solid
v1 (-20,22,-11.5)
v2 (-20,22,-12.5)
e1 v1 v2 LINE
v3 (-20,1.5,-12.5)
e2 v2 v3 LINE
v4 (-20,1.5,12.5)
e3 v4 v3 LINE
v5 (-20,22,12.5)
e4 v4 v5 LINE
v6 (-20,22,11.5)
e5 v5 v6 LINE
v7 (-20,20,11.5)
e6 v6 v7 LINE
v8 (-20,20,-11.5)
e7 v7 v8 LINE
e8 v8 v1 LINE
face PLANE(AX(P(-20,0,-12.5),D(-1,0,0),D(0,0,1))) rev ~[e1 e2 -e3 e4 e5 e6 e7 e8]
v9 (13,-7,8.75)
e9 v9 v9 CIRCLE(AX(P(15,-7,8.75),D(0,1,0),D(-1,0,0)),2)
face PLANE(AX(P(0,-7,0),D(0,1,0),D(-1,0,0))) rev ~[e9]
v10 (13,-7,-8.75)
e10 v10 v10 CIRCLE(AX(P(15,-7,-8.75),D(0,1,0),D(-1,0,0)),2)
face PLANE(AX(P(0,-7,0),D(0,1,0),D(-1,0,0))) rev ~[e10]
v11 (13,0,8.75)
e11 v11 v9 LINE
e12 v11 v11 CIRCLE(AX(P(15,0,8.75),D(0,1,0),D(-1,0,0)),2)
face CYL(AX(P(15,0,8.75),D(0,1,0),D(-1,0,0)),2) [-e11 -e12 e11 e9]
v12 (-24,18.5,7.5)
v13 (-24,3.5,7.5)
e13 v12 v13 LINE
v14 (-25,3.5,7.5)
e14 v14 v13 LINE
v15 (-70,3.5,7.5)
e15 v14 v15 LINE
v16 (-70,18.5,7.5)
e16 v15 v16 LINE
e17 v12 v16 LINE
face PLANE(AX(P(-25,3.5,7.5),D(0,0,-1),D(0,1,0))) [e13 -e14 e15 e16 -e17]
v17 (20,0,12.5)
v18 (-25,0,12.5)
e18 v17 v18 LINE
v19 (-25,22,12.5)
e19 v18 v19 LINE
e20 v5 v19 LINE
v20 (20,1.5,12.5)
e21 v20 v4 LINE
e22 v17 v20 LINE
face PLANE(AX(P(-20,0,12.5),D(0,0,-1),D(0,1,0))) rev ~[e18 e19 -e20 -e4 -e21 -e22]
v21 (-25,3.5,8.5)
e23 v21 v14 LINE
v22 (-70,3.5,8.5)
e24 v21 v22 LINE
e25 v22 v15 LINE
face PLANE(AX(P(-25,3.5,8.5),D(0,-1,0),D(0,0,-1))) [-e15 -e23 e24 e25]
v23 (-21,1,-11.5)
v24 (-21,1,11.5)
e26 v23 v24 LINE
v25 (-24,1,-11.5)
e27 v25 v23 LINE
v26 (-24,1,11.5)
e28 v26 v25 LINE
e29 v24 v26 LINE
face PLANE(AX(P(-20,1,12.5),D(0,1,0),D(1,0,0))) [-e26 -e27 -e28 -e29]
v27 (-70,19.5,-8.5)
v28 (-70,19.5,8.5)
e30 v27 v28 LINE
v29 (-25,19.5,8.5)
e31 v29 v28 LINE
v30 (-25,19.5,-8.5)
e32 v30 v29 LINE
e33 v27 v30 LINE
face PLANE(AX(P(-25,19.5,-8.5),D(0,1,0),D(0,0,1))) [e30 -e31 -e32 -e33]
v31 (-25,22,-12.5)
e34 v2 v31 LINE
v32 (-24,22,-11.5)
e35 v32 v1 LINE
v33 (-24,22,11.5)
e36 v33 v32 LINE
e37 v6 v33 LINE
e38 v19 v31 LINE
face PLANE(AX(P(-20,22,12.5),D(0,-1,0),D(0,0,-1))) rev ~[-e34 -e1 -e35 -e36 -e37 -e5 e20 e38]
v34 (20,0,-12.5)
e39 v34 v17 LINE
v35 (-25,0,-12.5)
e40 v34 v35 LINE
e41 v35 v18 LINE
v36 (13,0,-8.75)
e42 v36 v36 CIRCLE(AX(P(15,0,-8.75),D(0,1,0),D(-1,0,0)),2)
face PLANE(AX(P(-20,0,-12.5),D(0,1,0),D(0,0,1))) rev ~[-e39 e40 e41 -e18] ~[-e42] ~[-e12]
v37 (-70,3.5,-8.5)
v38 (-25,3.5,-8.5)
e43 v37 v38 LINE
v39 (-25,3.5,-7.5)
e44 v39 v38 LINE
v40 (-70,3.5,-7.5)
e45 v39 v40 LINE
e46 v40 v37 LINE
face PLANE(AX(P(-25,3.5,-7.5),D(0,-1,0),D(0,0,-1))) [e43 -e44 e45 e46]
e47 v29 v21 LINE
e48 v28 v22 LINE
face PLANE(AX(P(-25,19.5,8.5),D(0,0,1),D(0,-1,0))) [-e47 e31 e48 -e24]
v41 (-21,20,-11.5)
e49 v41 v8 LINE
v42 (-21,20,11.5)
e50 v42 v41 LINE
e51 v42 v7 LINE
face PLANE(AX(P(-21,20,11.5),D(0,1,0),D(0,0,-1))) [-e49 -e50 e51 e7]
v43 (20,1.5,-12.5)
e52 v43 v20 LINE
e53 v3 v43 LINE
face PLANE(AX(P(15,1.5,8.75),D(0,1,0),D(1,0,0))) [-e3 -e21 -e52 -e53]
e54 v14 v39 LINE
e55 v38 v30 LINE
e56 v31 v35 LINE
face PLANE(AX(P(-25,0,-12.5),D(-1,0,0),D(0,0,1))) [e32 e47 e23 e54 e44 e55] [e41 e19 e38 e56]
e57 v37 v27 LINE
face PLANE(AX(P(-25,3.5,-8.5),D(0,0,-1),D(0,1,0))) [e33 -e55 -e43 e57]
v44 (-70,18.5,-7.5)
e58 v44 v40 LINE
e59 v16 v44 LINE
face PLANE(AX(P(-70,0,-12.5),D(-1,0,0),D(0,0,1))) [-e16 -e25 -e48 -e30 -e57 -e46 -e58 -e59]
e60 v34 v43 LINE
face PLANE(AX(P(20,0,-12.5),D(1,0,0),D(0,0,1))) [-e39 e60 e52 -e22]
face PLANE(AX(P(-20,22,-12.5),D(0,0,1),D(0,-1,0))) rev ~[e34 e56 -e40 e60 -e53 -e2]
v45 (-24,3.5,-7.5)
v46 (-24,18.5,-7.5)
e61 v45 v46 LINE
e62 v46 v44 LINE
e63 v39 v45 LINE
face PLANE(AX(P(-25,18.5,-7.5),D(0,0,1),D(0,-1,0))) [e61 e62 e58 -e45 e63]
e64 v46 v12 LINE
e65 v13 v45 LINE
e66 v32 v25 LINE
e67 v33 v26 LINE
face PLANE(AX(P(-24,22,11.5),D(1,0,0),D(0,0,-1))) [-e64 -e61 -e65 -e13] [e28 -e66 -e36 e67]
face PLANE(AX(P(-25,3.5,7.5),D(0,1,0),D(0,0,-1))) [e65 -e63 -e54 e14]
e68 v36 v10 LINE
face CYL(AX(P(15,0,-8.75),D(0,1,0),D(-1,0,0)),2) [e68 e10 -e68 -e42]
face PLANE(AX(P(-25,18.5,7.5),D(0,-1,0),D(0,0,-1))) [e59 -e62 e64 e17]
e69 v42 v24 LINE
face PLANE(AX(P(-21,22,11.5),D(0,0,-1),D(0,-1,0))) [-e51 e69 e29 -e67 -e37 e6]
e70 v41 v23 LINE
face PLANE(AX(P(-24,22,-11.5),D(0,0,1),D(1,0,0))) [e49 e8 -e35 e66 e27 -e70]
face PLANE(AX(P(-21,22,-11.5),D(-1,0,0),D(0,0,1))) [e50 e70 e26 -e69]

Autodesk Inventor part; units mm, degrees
ref_plane "YZ Plane" through (0, 0, 0) normal (1, 0, 0) x (0, 1, 0)
ref_plane "XZ Plane" through (0, 0, 0) normal (0, 1, 0) x (-1, 0, 0)
ref_plane "XY Plane" through (0, 0, 0) normal (0, 0, 1) x (1, 0, 0)
sketch "Sketch1" plane through (0, 0, 0) normal (0, 1, 0) x (-1, 0, 0)
  line L0 (-20, 12.5) -> (20, 12.5)
  line L1 (20, 12.5) -> (20, -12.5)
  line L2 (20, -12.5) -> (-20, -12.5)
  line L3 (-20, -12.5) -> (-20, 12.5)
  line L4 (-20, 12.5) -> (20, -12.5) construction
  line L5 (20, 12.5) -> (-20, -12.5) construction
  circle A0 centre (-15, 8.75) radius 2
  circle A1 centre (-15, -8.75) radius 2
  point P0 (0, 0)
  dimension "d0" = 40
  dimension "d1" = 25
  dimension "d2" = 4
  dimension "d3" = 4
extrude "Extrusion1" add sketch "Sketch1" along normal blind 1.5 contours L0 L1 L2 L3 | A1
extrude "Extrusion2" add sketch "Sketch1" against normal blind 7 contours A0 | A1
thread "Thread1" size "M4x0.7" class "6g" standard "ANSI Metric M Profile" full length
thread "Thread2" size "M4x0.7" class "6g" standard "ANSI Metric M Profile" full length
sketch "Sketch2" plane through (15, 0, 8.75) normal (0, 1, 0) x (1, 0, 0)
  circle A0 centre (0, 0) radius 2 projected
  circle A1 centre (0, 0) radius 2
  point P0 (-15, 8.75)
extrude "Extrusion3" add sketch "Sketch2" along normal blind 1.5
sketch "Sketch3" plane through (-20, 0, -12.5) normal (-1, 0, 0) x (0, 0, 1)
  line L0 (0, 0) -> (25, 0) projected
  line L1 (0, 0) -> (25, 0)
  line L2 (25, 0) -> (25, 22)
  line L3 (25, 22) -> (0, 22)
  line L4 (0, 22) -> (0, 0)
  point P0 (12.5, 0)
  dimension "d14" = 22
extrude "Extrusion4" add sketch "Sketch3" along normal blind 5
sketch "Sketch4" plane through (-20, 22, 12.5) normal (0, 1, 0) x (1, 0, 0)
  line L0 (-4, 24) -> (-1, 24)
  line L1 (-1, 24) -> (-1, 1)
  line L2 (-1, 1) -> (-4, 1)
  line L3 (-4, 1) -> (-4, 24)
  point P0 (20, 12.5)
  dimension "d17" = 3
  dimension "d18" = 23
extrude "Extrusion5" cut sketch "Sketch4" against normal blind 21
sketch "Sketch5" plane through (-25, 0, -12.5) normal (-1, 0, 0) x (0, 0, 1)
  line L0 (20, 18.5) -> (20, 3.5)
  line L1 (20, 3.5) -> (5, 3.5)
  line L2 (5, 3.5) -> (5, 18.5)
  line L3 (5, 18.5) -> (20, 18.5)
  point P0 (12.5, 0)
  dimension "d21" = 15
  dimension "d22" = 15
extrude "Extrusion6" cut sketch "Sketch5" against normal blind 1
sketch "Sketch6" plane through (-21, 22, -11.5) normal (-1, 0, 0) x (0, 0, 1)
  line L0 (0, 0) -> (23, 0) projected
  line L1 (0, 0) -> (23, 0)
  line L2 (23, 0) -> (23, -2)
  line L3 (23, -2) -> (0, -2)
  line L4 (0, -2) -> (0, 0)
  point P0 (11.5, -22)
  dimension "d26" = 2
extrude "Extrusion7" cut sketch "Sketch6" against normal blind 1
sketch "Sketch7" plane through (-25, 0, -12.5) normal (-1, 0, 0) x (0, 0, 1)
  line L0 (20, 3.5) -> (5, 3.5) projected
  line L1 (5, 3.5) -> (4, 3.5)
  line L2 (4, 3.5) -> (4, 19.5)
  line L3 (4, 19.5) -> (5, 19.5)
  line L4 (5, 19.5) -> (5, 3.5)
  line L5 (5, 19.5) -> (20, 19.5)
  line L6 (20, 19.5) -> (20, 18.5)
  line L7 (20, 18.5) -> (5, 18.5)
  line L8 (5, 18.5) -> (5, 19.5)
  line L9 (20, 3.5) -> (20, 19.5)
  line L10 (20, 19.5) -> (21, 19.5)
  line L11 (21, 19.5) -> (21, 3.5)
  line L12 (21, 3.5) -> (20, 3.5)
  line L13 (25, 0) -> (25, 22) projected
  point P0 (12.5, 0)
  dimension "d29" = 1
  dimension "d30" = 16
  dimension "d31" = 15
  dimension "d32" = 1
extrude "Extrusion8" add sketch "Sketch7" along normal blind 1 contours L1 L2 L3 L4
extrude "Extrusion9" add sketch "Sketch7" along normal blind 45 contours L9 L6 L10 L11 L12 | L7 L4 L5 L6
extrude "Extrusion10" add sketch "Sketch7" along normal blind 45 contours L1 L2 L3 L4
properties part number "rgb-holder-group2"
